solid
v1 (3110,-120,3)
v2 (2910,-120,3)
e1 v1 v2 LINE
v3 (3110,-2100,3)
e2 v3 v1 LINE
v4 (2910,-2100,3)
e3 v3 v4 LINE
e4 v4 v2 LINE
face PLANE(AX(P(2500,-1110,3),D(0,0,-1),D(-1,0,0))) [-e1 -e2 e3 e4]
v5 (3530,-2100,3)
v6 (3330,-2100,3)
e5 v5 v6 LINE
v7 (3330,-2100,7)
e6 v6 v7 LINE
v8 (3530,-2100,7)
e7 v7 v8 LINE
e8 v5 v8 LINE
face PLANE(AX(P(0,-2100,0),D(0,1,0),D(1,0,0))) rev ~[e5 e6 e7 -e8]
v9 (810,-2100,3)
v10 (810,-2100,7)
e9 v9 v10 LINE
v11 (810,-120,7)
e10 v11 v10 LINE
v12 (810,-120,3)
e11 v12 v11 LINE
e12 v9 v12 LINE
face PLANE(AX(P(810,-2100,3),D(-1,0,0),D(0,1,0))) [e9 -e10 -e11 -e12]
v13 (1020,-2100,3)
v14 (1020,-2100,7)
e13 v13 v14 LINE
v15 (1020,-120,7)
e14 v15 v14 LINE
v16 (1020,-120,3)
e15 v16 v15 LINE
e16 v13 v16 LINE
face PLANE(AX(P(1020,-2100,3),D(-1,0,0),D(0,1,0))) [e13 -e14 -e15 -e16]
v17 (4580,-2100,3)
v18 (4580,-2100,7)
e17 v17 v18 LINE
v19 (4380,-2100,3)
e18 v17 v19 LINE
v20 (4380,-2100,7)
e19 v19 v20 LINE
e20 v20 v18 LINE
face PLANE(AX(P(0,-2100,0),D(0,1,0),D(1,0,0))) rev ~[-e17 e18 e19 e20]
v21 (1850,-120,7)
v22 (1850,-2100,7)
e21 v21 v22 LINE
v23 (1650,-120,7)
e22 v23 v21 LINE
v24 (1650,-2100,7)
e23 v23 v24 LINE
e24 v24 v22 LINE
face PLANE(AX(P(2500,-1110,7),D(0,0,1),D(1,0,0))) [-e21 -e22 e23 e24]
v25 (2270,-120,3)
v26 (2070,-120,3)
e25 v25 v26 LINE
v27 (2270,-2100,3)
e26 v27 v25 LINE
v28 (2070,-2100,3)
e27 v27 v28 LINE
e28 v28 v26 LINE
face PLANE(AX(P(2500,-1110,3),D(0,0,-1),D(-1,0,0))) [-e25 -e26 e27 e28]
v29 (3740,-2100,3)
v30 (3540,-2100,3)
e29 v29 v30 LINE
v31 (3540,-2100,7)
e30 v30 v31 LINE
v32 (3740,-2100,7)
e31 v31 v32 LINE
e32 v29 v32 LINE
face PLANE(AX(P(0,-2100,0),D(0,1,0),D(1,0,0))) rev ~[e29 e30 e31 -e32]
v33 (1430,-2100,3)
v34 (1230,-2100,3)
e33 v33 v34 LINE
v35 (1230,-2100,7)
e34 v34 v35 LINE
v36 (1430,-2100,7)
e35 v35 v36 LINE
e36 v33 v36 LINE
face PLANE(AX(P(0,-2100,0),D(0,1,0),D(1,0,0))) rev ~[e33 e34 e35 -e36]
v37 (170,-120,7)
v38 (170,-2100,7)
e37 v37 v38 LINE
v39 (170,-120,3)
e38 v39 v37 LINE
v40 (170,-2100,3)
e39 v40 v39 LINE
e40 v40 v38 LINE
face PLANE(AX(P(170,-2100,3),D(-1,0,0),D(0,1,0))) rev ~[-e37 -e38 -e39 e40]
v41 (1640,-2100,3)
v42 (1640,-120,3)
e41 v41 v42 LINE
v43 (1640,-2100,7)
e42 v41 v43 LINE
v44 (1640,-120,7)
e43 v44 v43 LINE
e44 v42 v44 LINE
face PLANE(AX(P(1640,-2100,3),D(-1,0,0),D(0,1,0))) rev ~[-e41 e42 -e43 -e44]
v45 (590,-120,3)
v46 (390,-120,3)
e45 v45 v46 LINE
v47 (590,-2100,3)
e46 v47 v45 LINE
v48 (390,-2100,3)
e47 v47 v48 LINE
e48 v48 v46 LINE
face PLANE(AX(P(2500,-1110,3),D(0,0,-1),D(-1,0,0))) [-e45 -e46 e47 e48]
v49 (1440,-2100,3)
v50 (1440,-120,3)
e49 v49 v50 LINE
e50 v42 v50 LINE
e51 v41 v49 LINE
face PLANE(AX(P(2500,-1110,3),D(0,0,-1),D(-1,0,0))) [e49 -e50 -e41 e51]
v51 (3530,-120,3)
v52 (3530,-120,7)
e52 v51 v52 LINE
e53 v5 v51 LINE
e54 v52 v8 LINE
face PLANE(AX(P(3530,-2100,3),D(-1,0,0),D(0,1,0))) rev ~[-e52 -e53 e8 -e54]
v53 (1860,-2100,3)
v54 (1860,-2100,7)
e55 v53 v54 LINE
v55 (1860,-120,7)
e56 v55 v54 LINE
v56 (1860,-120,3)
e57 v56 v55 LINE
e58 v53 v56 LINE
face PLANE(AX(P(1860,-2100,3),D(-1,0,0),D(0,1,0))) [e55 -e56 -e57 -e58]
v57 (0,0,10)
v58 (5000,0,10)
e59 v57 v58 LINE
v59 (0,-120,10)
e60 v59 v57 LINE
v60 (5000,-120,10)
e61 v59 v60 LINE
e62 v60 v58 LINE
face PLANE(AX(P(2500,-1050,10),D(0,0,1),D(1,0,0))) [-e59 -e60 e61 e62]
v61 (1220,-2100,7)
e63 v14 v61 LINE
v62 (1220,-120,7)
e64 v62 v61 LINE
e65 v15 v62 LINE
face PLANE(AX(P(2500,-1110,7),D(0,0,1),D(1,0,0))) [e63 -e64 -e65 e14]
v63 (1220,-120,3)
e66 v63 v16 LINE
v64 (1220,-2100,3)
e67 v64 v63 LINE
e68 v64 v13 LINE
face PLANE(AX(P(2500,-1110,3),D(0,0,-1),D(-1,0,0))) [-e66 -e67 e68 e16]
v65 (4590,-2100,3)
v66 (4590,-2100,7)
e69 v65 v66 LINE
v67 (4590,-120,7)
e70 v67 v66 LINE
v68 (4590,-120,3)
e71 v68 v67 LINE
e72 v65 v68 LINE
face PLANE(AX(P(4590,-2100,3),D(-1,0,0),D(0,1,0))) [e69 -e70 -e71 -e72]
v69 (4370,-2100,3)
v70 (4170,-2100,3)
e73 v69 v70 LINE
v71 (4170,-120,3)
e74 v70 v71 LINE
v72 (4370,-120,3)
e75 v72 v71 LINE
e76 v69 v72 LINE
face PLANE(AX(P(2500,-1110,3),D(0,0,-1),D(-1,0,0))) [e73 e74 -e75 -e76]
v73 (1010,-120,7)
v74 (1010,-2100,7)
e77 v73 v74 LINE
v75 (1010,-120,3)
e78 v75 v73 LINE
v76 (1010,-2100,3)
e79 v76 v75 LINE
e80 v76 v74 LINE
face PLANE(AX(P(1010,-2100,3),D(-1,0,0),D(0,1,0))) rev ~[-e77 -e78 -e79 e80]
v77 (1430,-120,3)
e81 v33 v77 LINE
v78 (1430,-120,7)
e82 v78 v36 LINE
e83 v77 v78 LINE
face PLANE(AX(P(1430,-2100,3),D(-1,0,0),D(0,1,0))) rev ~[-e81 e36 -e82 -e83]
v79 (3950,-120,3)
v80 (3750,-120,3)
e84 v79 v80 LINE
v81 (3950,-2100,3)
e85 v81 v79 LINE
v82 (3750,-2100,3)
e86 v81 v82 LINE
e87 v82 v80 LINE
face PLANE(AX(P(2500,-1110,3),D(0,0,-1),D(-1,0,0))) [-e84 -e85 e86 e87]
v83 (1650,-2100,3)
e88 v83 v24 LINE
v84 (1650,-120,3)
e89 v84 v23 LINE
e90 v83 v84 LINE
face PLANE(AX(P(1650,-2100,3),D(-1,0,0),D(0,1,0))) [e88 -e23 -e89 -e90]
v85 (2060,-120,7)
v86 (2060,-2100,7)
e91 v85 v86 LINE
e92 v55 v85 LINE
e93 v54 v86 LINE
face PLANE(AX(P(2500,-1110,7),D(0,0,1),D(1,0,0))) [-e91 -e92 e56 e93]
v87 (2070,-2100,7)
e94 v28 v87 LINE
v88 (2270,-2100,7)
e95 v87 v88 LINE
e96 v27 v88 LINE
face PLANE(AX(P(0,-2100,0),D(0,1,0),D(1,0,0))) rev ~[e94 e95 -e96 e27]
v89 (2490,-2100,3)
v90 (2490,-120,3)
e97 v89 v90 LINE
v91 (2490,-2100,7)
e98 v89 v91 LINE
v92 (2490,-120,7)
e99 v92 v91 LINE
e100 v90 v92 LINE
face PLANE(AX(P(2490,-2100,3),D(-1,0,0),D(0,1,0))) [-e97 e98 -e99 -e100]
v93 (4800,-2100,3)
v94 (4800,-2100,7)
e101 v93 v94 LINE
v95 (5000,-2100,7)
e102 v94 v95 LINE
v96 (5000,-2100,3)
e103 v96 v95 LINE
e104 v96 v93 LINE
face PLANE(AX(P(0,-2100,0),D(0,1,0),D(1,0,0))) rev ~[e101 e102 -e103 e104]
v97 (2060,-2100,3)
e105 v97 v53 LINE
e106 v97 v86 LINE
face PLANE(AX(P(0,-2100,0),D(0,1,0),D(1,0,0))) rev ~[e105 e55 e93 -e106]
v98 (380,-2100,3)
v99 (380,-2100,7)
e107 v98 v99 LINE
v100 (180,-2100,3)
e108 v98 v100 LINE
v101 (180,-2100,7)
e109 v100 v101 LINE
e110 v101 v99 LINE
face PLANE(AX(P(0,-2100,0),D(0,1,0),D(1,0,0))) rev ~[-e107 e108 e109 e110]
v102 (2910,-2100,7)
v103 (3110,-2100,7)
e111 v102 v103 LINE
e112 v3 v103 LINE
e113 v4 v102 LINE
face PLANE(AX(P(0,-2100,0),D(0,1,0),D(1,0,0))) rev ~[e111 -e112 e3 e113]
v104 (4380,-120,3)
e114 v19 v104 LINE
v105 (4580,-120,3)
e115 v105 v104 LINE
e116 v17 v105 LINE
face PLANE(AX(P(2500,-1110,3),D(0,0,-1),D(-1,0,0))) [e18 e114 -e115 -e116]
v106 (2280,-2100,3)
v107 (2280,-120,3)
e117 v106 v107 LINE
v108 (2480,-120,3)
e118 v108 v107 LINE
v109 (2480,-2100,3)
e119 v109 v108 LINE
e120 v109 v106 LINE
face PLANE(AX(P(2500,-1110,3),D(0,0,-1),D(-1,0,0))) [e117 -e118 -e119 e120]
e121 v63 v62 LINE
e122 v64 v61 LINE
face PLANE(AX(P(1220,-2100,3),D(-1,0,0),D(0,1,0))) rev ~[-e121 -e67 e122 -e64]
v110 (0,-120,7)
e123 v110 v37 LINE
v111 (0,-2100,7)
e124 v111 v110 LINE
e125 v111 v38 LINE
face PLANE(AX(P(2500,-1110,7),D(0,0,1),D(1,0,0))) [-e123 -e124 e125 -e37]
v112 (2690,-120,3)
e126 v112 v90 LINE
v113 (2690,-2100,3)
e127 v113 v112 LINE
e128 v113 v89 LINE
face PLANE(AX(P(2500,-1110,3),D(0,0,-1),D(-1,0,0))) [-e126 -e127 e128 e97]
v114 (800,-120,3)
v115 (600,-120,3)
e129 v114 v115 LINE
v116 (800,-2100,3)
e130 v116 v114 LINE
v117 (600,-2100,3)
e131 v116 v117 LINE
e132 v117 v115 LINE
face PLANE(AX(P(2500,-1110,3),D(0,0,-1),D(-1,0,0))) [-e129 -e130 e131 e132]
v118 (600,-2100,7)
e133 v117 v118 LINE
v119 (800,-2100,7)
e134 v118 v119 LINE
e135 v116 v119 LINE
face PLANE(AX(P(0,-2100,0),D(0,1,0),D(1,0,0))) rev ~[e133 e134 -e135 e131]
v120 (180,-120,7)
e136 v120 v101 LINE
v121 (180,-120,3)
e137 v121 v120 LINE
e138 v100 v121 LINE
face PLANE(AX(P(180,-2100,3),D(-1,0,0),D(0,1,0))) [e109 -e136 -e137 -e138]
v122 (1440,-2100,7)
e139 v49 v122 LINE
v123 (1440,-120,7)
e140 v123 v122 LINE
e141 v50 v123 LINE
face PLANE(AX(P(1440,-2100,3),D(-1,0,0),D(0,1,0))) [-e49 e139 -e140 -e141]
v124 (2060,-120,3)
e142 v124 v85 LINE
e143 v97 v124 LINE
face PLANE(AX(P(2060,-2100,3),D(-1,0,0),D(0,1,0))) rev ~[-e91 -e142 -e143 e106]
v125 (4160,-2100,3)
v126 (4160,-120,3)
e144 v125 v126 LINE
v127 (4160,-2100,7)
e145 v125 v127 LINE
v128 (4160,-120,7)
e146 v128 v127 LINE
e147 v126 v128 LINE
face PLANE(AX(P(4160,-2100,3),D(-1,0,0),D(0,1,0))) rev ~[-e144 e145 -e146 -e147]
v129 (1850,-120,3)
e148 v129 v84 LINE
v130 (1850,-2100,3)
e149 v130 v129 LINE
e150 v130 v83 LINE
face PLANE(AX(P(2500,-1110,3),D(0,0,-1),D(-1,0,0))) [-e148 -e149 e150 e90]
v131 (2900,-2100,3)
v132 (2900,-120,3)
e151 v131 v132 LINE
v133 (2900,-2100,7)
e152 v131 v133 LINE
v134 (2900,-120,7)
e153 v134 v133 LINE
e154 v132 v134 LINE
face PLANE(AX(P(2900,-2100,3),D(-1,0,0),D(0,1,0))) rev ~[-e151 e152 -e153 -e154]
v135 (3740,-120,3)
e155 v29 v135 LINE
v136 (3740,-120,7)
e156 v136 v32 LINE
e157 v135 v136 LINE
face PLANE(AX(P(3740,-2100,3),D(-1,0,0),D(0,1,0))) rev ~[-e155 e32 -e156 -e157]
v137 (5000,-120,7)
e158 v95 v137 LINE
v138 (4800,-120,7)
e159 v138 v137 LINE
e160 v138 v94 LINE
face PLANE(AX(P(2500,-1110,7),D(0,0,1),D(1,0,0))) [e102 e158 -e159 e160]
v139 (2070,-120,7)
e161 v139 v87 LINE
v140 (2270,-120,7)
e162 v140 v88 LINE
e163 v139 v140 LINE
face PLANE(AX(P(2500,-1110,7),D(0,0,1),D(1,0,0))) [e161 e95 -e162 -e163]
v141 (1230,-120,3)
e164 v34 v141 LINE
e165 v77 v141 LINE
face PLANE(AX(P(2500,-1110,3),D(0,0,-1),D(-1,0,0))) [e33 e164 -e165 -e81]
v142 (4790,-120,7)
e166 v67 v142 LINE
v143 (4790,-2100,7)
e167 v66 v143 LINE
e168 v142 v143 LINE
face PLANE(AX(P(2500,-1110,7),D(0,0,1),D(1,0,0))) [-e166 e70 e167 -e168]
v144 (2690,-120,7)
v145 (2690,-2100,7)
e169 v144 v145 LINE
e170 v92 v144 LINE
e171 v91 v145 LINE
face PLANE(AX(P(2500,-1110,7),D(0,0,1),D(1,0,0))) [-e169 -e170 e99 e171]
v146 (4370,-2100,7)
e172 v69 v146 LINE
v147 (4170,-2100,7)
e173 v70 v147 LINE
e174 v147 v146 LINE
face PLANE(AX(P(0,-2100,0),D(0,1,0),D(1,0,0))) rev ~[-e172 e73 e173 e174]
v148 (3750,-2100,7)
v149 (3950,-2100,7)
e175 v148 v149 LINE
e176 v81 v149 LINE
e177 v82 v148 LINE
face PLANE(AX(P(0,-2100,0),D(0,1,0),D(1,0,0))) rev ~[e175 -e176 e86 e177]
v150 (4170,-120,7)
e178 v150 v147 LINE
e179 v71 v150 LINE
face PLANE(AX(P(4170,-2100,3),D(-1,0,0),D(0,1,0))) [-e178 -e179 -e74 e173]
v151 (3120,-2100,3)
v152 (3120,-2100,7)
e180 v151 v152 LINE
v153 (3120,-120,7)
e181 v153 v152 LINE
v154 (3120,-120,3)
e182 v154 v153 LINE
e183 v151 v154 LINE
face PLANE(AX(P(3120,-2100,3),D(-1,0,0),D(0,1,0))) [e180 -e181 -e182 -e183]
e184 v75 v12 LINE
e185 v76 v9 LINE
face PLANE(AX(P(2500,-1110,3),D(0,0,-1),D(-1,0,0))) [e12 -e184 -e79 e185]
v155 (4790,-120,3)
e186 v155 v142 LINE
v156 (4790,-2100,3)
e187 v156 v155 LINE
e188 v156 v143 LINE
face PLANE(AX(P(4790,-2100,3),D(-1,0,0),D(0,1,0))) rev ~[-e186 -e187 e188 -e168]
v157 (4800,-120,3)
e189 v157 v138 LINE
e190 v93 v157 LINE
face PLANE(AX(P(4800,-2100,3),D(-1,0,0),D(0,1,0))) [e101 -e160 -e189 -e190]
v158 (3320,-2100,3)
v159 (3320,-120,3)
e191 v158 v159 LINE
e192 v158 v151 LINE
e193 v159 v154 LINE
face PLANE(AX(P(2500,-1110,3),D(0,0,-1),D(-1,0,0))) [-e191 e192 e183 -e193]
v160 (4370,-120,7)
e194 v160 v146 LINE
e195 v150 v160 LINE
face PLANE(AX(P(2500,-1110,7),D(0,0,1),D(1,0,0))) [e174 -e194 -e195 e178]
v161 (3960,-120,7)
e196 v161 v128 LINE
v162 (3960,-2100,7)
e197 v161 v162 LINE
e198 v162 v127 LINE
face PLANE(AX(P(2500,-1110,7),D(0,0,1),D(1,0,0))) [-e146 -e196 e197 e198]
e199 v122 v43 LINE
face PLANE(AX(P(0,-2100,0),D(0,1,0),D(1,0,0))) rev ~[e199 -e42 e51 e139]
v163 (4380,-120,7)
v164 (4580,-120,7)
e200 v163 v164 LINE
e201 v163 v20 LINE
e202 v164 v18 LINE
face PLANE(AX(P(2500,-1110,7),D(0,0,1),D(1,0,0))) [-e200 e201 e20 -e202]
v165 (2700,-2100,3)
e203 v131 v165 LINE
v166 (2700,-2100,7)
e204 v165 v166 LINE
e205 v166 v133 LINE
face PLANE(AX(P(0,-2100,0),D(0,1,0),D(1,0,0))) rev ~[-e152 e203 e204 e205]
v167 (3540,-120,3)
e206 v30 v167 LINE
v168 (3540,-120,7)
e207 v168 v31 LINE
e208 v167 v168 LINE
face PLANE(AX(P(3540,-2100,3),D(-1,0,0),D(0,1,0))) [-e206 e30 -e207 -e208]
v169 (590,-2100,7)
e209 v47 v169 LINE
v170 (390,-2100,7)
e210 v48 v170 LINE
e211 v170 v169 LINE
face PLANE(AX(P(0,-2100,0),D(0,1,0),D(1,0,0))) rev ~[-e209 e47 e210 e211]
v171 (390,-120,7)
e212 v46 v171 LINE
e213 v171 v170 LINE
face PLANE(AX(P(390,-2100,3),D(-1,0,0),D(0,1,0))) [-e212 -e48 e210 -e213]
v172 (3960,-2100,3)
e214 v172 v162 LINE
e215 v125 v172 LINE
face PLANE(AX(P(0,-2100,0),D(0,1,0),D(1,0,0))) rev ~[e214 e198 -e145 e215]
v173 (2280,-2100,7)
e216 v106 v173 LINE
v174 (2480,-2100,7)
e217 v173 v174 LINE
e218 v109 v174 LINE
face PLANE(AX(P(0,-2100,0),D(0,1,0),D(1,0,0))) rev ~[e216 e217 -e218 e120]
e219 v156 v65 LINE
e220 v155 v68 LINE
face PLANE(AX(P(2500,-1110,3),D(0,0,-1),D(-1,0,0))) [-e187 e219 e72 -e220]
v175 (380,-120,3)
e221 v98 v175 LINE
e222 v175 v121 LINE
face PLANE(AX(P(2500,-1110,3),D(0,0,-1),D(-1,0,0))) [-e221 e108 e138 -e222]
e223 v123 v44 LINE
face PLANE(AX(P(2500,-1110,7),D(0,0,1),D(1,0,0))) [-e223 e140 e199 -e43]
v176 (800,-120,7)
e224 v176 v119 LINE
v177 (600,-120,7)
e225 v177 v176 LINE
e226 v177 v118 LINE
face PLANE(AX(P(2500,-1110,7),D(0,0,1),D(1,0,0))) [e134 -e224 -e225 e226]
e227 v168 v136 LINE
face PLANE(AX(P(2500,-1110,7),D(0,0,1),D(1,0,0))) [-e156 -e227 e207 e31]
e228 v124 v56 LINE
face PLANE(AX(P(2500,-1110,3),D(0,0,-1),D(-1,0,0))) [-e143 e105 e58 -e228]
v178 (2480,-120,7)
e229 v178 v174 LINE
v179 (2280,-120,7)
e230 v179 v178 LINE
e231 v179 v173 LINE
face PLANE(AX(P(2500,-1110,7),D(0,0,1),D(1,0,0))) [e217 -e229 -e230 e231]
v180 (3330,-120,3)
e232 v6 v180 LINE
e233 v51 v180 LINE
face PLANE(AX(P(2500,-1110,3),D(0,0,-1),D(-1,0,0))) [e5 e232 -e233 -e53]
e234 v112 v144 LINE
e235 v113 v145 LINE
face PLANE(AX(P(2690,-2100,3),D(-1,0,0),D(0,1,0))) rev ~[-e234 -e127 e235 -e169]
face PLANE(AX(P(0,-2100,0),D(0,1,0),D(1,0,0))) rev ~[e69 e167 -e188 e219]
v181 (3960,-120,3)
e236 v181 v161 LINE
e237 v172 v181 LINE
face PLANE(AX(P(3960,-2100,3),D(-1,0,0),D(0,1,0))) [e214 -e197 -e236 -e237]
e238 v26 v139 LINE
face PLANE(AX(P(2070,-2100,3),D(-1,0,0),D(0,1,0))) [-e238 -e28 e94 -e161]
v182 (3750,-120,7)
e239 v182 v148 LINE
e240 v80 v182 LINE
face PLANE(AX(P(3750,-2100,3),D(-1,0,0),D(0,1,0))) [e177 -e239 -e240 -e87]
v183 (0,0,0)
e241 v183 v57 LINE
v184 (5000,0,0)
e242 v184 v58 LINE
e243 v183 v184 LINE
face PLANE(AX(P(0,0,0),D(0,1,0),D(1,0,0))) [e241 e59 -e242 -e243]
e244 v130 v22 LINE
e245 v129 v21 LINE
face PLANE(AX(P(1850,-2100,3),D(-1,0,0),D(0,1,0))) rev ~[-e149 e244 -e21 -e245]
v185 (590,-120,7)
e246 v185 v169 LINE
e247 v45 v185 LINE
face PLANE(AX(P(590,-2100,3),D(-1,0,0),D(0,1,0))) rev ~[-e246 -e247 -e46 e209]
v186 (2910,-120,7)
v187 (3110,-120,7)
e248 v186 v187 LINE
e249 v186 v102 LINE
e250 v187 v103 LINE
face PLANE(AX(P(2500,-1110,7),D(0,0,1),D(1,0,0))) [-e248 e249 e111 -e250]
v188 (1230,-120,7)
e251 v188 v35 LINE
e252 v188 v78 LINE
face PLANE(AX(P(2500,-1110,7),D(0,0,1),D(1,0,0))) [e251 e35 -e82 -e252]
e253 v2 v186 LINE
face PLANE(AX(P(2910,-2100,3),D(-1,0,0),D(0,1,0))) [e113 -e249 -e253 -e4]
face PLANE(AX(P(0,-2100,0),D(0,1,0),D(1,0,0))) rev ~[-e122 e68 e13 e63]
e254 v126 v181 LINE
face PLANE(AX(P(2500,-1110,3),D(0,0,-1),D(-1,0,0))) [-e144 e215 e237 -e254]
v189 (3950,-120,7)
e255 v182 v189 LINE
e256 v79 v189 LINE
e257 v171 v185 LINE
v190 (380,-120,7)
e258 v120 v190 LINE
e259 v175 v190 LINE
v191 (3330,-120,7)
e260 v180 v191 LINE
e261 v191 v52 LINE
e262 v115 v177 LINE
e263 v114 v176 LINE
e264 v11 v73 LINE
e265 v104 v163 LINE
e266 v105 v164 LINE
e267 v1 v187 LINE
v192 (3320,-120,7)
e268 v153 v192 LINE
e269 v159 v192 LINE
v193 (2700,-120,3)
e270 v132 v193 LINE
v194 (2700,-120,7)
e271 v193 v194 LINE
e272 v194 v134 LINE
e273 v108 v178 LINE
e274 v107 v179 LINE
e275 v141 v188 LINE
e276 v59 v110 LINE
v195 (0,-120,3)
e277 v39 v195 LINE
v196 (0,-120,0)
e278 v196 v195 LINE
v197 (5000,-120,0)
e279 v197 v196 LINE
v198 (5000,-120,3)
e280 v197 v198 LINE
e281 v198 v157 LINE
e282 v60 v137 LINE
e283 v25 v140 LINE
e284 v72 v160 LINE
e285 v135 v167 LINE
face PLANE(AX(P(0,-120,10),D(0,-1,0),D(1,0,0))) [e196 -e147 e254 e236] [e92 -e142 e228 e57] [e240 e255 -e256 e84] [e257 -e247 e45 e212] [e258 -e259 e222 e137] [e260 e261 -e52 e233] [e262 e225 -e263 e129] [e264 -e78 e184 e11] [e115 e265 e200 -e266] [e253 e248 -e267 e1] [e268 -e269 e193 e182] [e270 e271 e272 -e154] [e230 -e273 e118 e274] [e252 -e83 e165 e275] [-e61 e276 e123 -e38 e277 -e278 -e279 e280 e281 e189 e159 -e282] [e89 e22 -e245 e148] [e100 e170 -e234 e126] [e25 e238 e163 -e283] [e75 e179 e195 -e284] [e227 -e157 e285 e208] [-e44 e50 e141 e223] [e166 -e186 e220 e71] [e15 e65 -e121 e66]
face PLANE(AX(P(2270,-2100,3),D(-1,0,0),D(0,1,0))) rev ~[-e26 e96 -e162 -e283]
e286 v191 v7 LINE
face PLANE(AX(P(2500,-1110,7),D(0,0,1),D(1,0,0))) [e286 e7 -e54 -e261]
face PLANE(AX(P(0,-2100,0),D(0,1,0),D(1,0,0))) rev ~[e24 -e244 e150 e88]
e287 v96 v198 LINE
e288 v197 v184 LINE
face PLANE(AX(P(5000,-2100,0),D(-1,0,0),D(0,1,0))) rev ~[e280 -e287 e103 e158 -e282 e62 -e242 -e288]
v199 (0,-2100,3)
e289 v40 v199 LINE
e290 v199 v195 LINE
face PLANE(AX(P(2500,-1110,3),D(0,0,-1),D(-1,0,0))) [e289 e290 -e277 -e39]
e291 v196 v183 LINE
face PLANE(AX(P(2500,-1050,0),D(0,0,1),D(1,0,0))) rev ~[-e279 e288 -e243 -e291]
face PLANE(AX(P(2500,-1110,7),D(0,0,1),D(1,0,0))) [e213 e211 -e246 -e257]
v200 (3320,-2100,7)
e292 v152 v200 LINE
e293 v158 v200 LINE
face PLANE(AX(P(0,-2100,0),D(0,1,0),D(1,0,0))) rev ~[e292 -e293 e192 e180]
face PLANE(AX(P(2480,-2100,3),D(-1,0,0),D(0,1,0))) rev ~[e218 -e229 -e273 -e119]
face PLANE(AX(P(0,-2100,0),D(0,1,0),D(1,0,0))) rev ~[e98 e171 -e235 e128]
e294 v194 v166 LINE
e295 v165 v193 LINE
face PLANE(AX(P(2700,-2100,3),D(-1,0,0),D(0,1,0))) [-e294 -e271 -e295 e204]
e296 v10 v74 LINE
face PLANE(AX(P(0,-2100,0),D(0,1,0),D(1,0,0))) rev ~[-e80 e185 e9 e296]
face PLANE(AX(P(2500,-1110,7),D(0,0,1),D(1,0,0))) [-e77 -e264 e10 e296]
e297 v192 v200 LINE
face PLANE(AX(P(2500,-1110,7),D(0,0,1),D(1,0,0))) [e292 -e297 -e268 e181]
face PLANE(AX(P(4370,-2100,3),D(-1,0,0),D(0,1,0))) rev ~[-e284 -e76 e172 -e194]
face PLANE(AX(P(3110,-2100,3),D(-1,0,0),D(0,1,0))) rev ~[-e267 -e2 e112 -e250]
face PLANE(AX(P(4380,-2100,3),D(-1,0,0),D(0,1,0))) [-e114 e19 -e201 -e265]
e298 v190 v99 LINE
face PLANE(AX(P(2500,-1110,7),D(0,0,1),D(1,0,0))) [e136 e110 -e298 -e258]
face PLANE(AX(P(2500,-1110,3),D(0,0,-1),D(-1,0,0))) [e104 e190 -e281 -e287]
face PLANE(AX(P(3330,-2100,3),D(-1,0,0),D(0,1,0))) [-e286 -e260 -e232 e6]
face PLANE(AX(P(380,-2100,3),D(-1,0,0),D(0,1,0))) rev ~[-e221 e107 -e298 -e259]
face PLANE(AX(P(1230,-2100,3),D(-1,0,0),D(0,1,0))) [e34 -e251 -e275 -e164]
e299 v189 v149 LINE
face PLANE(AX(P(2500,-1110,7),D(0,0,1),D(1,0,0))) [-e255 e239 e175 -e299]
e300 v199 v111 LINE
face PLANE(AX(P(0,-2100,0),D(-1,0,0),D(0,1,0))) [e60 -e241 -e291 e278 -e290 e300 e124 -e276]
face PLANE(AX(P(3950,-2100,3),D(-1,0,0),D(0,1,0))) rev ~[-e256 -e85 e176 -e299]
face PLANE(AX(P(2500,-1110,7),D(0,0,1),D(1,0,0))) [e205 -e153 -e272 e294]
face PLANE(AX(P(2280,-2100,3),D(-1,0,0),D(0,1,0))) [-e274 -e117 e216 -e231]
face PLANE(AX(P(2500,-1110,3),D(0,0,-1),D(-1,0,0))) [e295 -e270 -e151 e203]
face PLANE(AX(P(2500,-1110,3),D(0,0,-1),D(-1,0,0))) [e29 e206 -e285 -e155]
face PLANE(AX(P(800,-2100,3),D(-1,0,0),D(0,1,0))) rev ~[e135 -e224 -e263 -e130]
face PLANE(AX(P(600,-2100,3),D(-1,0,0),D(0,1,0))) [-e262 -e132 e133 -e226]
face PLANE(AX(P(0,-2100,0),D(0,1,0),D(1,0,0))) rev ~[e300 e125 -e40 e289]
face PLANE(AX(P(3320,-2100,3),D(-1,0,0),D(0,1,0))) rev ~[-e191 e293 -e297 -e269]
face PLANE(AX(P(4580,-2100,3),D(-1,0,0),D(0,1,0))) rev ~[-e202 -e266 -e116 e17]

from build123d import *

# Parameters (mm, degrees)
CROQUIS1_W              = 5000
CROQUIS1_H              = 2100
SALIENTE_EXTRUIR1_DEPTH = 10
CROQUIS2_W              = 5000
CROQUIS2_H              = 1980
CORTAR_EXTRUIR1_DEPTH   = 3
CROQUIS3_W              = 5000
CROQUIS3_H              = 1980
CORTAR_EXTRUIR2_DEPTH   = 3
CROQUIS4_W              = 10
CROQUIS4_H              = 1980
CORTAR_EXTRUIR3_DEPTH   = 8
MATRIZL1_COUNT          = 23
MATRIZL1_PITCH          = 210


with BuildPart() as part:
    # Croquis1 → Saliente-Extruir1 (new body)
    with BuildSketch(Plane.XY):
        with Locations((2500, -1050)):
            Rectangle(CROQUIS1_W, CROQUIS1_H)
    extrude(amount=SALIENTE_EXTRUIR1_DEPTH)

    # Croquis2 → Cortar-Extruir1 (cut)
    with BuildSketch(Plane.XY.offset(10)):
        with Locations((2500, -1110)):
            Rectangle(CROQUIS2_W, CROQUIS2_H)
    extrude(amount=-CORTAR_EXTRUIR1_DEPTH, mode=Mode.SUBTRACT)

    # Croquis3 → Cortar-Extruir2 (cut)
    with BuildSketch(Plane(origin=(0, 0, 0), x_dir=(-1, 0, 0), z_dir=(0, 0, -1))):
        with Locations((-2500, -1110)):
            Rectangle(CROQUIS3_W, CROQUIS3_H)
    extrude(amount=-CORTAR_EXTRUIR2_DEPTH, mode=Mode.SUBTRACT)

    # Croquis4 → Cortar-Extruir3 (cut)
    with BuildSketch(Plane(origin=(0, 0, 3), x_dir=(-1, 0, 0), z_dir=(0, 0, -1))):
        with Locations((-4795, -1110)):
            Rectangle(CROQUIS4_W, CROQUIS4_H)
    cortar_extruir3 = extrude(amount=-CORTAR_EXTRUIR3_DEPTH, mode=Mode.SUBTRACT)

    # MatrizL1: Cortar-Extruir3 ×23
    with Locations(*[(-i * MATRIZL1_PITCH, 0, 0) for i in range(1, MATRIZL1_COUNT)]):
        add(cortar_extruir3, mode=Mode.SUBTRACT)


solid = part.part
